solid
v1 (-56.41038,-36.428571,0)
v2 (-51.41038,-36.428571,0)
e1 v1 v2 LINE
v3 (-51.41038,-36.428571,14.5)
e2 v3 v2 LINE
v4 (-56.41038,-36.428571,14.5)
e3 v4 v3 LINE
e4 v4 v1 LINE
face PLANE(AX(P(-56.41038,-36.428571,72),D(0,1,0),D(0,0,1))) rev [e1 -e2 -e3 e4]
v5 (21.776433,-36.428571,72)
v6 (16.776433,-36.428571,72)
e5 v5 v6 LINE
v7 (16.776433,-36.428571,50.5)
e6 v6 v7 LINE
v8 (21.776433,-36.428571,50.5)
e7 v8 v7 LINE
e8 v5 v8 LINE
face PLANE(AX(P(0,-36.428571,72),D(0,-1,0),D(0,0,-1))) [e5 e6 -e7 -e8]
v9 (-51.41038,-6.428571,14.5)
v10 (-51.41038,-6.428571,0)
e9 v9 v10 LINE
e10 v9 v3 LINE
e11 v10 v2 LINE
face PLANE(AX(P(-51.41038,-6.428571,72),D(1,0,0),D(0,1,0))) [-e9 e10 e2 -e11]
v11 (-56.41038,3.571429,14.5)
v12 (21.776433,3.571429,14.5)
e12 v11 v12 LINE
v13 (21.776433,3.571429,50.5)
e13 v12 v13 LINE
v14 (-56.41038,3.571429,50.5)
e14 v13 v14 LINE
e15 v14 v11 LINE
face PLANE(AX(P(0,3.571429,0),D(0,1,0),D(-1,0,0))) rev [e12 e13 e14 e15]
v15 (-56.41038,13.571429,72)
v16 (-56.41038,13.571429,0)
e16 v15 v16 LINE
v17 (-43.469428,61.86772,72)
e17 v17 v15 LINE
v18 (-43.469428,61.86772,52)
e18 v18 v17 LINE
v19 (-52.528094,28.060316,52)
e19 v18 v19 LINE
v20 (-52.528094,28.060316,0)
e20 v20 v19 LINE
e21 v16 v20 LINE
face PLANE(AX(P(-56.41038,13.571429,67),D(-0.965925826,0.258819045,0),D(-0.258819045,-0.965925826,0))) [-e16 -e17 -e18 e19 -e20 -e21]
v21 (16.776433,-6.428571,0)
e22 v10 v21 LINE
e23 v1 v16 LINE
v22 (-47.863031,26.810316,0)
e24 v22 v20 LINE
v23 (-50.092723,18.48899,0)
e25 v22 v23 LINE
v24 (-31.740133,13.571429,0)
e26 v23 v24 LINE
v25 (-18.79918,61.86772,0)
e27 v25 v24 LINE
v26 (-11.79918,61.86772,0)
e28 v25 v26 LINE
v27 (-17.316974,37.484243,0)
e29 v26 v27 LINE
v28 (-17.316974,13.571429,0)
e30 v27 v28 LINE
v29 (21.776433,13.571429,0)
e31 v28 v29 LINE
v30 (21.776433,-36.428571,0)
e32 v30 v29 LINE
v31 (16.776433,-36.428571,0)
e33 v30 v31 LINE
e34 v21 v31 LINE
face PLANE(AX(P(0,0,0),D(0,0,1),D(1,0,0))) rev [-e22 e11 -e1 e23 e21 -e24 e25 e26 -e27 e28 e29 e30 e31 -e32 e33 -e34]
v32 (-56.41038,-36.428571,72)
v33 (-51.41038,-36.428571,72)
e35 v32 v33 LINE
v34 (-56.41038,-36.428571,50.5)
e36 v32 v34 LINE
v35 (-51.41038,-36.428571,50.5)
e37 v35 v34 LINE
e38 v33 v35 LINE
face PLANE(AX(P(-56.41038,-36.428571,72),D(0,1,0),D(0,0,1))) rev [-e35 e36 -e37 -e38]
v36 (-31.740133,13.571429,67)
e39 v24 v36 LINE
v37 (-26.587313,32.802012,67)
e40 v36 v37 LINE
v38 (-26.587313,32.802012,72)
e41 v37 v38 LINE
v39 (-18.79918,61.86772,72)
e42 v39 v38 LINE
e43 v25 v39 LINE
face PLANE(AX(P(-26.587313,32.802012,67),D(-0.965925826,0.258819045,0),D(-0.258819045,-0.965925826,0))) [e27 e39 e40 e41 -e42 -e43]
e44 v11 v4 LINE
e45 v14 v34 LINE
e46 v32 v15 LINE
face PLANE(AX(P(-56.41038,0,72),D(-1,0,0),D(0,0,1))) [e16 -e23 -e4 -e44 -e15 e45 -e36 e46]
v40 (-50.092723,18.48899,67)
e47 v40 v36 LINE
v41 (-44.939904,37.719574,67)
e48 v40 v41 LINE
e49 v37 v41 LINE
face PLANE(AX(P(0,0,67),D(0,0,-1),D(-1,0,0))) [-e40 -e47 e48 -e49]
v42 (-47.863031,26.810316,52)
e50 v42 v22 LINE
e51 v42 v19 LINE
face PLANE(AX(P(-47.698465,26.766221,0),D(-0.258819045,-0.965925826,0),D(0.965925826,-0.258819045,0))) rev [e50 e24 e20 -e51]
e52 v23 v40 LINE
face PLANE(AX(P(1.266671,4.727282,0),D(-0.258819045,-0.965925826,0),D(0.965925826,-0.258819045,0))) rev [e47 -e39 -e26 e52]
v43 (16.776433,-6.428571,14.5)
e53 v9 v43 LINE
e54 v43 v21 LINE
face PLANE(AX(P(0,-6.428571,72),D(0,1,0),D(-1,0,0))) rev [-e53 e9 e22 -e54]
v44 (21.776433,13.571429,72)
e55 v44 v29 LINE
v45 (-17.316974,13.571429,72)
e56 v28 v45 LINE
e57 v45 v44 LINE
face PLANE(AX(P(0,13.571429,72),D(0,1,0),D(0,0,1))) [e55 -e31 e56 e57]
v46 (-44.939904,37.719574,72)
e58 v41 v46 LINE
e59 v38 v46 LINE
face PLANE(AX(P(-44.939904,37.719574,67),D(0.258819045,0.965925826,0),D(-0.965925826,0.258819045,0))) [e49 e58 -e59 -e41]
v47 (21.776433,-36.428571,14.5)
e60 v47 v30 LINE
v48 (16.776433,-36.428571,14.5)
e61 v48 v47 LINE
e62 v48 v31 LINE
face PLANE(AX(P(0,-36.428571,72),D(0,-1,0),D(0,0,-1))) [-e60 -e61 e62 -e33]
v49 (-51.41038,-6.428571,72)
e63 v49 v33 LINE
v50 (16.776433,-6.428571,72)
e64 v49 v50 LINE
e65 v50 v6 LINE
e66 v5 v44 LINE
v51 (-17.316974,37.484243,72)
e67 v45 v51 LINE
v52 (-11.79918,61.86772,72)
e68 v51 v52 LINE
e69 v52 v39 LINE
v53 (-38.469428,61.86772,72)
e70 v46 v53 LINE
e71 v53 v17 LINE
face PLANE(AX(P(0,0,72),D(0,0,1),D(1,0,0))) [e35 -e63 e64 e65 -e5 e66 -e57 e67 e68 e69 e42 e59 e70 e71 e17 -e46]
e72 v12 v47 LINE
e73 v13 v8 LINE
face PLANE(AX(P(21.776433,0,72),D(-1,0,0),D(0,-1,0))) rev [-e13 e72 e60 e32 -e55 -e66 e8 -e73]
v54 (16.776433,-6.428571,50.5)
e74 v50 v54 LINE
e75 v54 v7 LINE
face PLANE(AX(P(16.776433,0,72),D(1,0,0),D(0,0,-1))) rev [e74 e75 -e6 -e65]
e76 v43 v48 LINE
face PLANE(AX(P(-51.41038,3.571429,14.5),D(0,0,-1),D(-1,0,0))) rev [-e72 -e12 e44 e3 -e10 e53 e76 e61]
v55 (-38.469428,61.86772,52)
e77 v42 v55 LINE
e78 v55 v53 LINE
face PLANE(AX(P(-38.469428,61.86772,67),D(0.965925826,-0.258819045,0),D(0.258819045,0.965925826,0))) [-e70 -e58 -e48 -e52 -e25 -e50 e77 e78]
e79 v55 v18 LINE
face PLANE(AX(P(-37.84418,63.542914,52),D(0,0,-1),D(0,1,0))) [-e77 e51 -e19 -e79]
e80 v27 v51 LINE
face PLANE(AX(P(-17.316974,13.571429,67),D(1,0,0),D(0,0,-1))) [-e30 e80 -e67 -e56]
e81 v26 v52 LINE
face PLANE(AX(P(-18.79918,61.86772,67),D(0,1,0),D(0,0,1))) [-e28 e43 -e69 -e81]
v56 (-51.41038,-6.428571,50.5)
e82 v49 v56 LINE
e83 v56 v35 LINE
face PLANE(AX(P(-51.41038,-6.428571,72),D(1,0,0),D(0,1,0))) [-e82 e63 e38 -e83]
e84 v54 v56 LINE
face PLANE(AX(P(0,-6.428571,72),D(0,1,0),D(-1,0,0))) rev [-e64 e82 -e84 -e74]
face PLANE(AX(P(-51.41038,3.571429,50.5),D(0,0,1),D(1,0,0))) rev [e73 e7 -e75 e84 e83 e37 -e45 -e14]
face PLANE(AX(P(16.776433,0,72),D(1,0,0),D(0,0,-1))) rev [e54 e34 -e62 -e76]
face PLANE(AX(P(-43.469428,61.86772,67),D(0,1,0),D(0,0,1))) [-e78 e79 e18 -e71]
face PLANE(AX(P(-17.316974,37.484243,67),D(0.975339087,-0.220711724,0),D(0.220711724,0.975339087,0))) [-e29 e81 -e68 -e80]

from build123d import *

# Parameters (mm, degrees)
EXTRUDE_1_DEPTH     = 72
SKETCH_2_W          = 68.186813186
SKETCH_2_H          = 36
CUT_EXTRUDE_1_DEPTH = 10
SKETCH_3_W          = 5
SKETCH_3_H          = 36
CUT_EXTRUDE_3_DEPTH = 40
SKETCH_4_W          = 5
SKETCH_4_H          = 36
CUT_EXTRUDE_4_DEPTH = 40
EXTRUDE_2_DEPTH     = 5
EXTRUDE_3_DEPTH     = 67
SKETCH_8_W          = 52
SKETCH_8_H          = 38.074034261
CUT_EXTRUDE_5_DEPTH = 5


with BuildPart() as part:
    # 草圖1 → 填料-伸長1 (new body)
    with BuildSketch(Plane.XY):
        Polygon((-56.41038016, 13.571428571), (-56.41038016, -36.428571429), (-51.41038016, -36.428571429), (-51.41038016, -6.428571429), (16.776433026, -6.428571429), (16.776433026, -36.428571429), (21.776433026, -36.428571429), (21.776433026, 13.571428571), align=None)
    extrude(amount=EXTRUDE_1_DEPTH)

    # 草圖2 → 除料-伸長1 (cut)
    with BuildSketch(Plane.XZ.offset(6.428571429)):
        with Locations((-17.316973567, 32.5)):
            Rectangle(SKETCH_2_W, SKETCH_2_H)
    extrude(amount=-CUT_EXTRUDE_1_DEPTH, mode=Mode.SUBTRACT)

    # 草圖3 → 除料-伸長3 (cut)
    with BuildSketch(Plane.XZ.offset(36.428571429)):
        with Locations((-53.91038016, 32.5)):
            Rectangle(SKETCH_3_W, SKETCH_3_H)
    extrude(amount=-CUT_EXTRUDE_3_DEPTH, mode=Mode.SUBTRACT)

    # 草圖4 → 除料-伸長4 (cut)
    with BuildSketch(Plane.XZ.offset(36.428571429)):
        with Locations((19.276433026, 32.5)):
            Rectangle(SKETCH_4_W, SKETCH_4_H)
    extrude(amount=-CUT_EXTRUDE_4_DEPTH, mode=Mode.SUBTRACT)

    # 草圖5 → 填料-伸長2 (add)
    with BuildSketch(Plane.XY.offset(72)):
        Polygon((-56.41038016, 13.571428571), (-43.469427905, 61.867719886), (-38.469427905, 61.867719886), (-44.939904033, 37.719574229), (-26.587313333, 32.802012372), (-18.799180477, 61.867719886), (-11.799180477, 61.867719886), (-17.316973567, 37.484242705), (-17.316973567, 13.571428571), align=None)
    extrude(amount=-EXTRUDE_2_DEPTH)

    # 草圖7 → 填料-伸長3 (add)
    with BuildSketch(Plane(origin=(0, 0, 67), x_dir=(-1, 0, 0), z_dir=(0, 0, -1))):
        Polygon((17.316973567, 13.571428571), (31.740132733, 13.571428571), (26.587313333, 32.802012372), (18.799180477, 61.867719886), (11.799180477, 61.867719886), (17.316973567, 37.484242705), align=None)
        Polygon((31.740132733, 13.571428571), (56.41038016, 13.571428571), (43.469427905, 61.867719886), (38.469427905, 61.867719886), (44.939904033, 37.719574229), (50.092723432, 18.488990428), align=None)
    extrude(amount=EXTRUDE_3_DEPTH)

    # 草圖8 → 除料-伸長5 (cut)
    with BuildSketch(Plane(origin=(-56.024458351, 15.011708372, 0), x_dir=(0, 0, 1), z_dir=(-0.965925826, 0.258819045, 0))):
        with Locations((26, 32.545929761)):
            Rectangle(SKETCH_8_W, SKETCH_8_H)
    extrude(amount=-CUT_EXTRUDE_5_DEPTH, mode=Mode.SUBTRACT)


solid = part.part
